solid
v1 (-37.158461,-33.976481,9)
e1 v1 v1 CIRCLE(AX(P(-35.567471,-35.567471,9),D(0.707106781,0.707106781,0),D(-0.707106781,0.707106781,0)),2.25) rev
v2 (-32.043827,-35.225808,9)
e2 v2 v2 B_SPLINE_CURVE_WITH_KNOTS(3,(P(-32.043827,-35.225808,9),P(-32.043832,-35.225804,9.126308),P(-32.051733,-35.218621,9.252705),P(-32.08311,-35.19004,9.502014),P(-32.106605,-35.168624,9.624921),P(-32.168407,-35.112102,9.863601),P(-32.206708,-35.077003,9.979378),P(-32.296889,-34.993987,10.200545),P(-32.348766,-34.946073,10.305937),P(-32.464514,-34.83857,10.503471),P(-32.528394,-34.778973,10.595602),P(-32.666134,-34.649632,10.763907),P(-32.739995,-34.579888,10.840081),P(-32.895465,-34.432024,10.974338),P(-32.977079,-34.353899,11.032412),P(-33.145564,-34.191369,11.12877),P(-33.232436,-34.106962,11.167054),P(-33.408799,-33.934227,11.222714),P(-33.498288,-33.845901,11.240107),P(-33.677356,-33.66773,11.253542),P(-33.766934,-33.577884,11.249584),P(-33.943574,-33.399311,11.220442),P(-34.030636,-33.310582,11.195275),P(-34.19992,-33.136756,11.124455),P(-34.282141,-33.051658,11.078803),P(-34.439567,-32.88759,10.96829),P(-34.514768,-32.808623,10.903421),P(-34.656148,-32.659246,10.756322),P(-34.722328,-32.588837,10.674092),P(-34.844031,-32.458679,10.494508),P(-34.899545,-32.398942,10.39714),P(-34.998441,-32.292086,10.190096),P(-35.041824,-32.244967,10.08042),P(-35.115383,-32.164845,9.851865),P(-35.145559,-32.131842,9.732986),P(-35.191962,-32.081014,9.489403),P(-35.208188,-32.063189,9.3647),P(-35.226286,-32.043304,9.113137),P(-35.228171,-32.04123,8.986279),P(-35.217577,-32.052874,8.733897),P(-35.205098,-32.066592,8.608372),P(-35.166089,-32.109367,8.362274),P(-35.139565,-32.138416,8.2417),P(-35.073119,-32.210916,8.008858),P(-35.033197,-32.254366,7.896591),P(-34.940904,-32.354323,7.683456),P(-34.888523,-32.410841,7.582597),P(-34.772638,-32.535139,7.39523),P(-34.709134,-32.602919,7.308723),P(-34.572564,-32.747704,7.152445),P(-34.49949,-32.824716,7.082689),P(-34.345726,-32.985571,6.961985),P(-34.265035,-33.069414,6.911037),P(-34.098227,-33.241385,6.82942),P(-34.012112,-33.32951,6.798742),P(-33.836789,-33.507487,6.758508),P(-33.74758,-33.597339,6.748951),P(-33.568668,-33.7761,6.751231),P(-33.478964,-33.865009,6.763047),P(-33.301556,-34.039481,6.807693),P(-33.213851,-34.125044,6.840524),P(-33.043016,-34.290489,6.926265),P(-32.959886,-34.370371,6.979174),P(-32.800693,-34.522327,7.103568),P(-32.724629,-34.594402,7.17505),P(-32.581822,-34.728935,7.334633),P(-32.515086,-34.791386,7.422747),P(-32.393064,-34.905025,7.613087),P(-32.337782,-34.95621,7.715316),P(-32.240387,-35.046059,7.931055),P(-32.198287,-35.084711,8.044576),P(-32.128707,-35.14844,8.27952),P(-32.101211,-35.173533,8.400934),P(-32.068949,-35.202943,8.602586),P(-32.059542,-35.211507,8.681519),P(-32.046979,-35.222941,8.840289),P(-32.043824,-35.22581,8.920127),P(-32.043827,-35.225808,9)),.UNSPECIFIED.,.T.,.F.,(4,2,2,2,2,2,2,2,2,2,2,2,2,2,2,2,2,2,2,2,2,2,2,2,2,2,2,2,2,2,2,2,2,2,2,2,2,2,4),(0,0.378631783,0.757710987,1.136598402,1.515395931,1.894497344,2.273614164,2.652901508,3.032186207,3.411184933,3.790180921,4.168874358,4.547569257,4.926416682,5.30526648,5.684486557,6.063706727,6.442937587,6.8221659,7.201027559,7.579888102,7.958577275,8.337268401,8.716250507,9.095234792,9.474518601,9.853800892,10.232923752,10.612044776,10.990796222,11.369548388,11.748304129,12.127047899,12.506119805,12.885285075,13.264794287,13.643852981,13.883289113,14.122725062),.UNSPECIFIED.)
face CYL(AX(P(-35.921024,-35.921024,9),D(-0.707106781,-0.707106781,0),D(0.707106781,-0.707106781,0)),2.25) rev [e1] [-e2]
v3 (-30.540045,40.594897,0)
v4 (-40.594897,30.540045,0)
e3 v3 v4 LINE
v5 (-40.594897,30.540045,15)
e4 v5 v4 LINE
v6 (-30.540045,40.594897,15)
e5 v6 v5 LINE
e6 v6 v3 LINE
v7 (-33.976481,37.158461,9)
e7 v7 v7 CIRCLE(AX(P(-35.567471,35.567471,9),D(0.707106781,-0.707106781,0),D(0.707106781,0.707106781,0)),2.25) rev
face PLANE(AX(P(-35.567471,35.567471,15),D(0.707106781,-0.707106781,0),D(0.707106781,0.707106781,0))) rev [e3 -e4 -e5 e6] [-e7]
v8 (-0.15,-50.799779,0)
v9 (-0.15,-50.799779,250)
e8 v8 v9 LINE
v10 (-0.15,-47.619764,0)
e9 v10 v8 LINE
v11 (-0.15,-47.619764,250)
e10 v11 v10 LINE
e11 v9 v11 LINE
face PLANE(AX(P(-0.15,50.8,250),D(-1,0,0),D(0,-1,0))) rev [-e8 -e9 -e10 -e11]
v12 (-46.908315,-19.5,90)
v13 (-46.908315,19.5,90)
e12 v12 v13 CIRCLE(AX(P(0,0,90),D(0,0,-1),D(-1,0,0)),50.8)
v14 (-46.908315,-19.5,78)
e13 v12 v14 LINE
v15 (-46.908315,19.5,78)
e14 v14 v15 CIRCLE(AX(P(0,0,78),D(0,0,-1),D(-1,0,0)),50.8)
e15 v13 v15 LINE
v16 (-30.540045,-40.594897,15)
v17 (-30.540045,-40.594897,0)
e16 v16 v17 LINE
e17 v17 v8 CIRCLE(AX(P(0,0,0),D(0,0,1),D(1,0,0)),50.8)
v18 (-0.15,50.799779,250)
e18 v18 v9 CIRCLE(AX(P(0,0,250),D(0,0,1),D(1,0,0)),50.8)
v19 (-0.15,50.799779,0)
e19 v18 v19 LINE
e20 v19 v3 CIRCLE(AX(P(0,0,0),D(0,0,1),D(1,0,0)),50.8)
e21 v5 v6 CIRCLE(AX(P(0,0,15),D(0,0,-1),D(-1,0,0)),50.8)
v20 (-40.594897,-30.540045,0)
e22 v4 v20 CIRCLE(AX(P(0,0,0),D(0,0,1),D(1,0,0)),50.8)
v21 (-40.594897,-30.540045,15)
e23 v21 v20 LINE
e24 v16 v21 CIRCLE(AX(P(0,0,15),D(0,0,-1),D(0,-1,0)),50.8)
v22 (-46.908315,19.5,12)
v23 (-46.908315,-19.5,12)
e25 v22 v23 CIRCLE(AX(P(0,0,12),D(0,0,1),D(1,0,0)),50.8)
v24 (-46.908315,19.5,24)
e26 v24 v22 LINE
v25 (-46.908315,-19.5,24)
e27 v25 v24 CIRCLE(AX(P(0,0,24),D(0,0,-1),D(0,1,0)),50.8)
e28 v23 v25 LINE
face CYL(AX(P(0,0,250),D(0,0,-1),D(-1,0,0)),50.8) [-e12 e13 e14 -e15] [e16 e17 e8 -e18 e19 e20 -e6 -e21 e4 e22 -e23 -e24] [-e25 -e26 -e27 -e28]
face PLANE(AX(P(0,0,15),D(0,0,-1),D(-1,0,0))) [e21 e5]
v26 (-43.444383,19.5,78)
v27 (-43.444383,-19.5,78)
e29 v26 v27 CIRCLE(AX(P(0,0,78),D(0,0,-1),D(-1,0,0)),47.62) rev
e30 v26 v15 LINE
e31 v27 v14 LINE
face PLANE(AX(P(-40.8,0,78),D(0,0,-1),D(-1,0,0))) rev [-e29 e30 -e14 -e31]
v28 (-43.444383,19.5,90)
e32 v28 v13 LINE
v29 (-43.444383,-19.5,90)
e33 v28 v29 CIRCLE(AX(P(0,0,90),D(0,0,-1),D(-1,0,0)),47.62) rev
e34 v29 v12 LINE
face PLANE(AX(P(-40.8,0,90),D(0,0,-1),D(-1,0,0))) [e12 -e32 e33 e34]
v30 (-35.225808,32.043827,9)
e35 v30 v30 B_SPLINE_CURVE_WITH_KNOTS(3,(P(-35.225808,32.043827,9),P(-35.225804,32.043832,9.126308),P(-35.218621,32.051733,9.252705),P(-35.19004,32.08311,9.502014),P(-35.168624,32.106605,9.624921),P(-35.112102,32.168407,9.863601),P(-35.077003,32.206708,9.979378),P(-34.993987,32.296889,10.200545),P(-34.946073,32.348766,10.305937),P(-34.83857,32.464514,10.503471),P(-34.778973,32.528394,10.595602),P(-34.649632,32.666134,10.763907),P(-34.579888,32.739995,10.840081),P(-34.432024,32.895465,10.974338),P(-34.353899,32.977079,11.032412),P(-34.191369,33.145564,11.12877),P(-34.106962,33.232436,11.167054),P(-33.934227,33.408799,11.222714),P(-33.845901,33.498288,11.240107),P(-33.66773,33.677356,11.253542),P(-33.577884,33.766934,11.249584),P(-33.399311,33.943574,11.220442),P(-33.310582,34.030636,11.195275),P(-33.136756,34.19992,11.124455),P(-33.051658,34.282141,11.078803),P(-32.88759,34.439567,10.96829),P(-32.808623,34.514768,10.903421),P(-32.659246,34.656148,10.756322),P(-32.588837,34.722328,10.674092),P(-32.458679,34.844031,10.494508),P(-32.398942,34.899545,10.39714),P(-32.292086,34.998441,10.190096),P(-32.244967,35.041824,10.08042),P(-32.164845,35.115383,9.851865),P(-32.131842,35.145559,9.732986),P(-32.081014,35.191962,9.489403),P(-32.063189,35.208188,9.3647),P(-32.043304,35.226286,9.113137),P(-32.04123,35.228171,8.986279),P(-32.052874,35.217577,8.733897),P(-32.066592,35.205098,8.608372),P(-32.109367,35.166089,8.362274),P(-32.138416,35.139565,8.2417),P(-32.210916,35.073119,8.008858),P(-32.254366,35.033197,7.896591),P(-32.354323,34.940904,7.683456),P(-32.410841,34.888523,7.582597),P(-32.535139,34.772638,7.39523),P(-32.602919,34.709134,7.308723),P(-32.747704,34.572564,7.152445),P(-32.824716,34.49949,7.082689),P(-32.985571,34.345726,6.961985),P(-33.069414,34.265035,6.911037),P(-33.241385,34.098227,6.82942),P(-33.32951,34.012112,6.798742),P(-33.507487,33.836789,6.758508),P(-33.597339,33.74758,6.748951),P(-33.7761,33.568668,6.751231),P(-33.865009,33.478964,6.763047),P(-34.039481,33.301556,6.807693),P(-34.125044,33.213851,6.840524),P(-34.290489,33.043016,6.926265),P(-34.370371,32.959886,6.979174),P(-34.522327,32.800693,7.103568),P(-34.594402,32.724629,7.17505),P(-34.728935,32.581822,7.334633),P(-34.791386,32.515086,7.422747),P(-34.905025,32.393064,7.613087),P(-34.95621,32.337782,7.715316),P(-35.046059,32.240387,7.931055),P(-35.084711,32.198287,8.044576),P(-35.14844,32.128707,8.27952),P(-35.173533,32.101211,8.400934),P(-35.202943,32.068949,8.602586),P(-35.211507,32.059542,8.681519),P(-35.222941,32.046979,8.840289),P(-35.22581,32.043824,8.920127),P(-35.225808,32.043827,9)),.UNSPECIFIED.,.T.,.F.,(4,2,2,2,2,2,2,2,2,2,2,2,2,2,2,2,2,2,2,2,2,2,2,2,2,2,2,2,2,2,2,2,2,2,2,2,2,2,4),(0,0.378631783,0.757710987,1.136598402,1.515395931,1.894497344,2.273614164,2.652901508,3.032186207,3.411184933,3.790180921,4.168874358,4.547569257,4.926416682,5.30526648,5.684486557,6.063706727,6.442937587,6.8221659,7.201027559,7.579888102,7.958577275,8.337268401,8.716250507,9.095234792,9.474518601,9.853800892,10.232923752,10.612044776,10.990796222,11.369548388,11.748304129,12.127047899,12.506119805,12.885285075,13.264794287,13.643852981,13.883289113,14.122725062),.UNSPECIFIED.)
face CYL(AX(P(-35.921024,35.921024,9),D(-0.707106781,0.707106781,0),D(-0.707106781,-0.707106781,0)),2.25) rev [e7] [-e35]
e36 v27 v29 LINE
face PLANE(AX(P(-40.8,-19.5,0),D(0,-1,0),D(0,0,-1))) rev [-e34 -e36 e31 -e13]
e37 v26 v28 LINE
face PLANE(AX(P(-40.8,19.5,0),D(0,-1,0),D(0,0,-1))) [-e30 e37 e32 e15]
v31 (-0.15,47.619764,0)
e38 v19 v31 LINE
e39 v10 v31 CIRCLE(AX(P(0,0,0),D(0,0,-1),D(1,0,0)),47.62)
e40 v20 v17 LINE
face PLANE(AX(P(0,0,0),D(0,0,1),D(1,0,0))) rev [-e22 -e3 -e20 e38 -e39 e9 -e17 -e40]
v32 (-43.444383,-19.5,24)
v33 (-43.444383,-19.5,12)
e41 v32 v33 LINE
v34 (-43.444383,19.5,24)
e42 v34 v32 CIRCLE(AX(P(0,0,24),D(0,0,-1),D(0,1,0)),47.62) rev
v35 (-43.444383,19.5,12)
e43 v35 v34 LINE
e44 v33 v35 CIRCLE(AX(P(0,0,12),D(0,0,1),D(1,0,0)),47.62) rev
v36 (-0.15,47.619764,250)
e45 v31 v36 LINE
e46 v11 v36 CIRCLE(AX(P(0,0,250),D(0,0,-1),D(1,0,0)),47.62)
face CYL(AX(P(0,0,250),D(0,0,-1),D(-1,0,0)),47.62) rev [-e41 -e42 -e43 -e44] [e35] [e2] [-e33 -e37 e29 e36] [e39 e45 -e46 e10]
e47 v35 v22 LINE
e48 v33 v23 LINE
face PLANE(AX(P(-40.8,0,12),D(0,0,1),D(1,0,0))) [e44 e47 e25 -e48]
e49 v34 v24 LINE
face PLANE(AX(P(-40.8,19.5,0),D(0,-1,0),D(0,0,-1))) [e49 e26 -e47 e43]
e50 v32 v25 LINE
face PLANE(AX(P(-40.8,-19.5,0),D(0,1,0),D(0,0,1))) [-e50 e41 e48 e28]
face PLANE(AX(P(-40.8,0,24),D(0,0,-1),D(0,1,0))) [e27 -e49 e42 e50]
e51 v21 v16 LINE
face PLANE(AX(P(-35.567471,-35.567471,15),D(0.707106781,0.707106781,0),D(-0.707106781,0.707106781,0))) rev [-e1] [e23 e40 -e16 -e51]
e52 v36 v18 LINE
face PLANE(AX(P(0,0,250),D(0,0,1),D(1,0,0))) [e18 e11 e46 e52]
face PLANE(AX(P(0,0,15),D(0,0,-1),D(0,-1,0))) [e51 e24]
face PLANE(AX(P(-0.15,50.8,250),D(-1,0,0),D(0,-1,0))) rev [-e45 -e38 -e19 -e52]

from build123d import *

# Parameters (mm, degrees)
BOSS_EXTRUDE1_DEPTH      = 250
M4_CLEARANCE_HOLE1_D     = 4.5
M4_CLEARANCE_HOLE1_DEPTH = 15
M4_CLEARANCE_HOLE1_TIP   = 1.351936393
M4_CLEARANCE_HOLE2_D     = 4.5
M4_CLEARANCE_HOLE2_DEPTH = 15
M4_CLEARANCE_HOLE2_TIP   = 1.351936393
SKETCH9_W                = 12
SKETCH9_H                = 39
CUT_EXTRUDE1_DEPTH       = 10
CUT_EXTRUDE2_DEPTH       = 15
CIRPATTERN1_COUNT        = 2
CIRPATTERN1_ANGLE        = 270
CUT_EXTRUDE4_DEPTH       = 261.117819555


with BuildPart() as part:
    # Sketch1 → Boss-Extrude1 (new body)
    with BuildSketch(Plane.XY):
        with BuildLine():
            Line((0, 50.8), (0, 47.62))
            ThreePointArc((0, 47.62), (-47.62, 0), (0, -47.62))
            Line((0, -47.62), (0, -50.8))
            ThreePointArc((0, -50.8), (-50.8, 0), (0, 50.8))
        make_face()
    extrude(amount=BOSS_EXTRUDE1_DEPTH)

    # M4 Clearance Hole1
    with Locations(Plane(origin=(-35.921024484, 35.921024484, 0), x_dir=(0, 0, -1), z_dir=(-0.707106781186549, 0.7071067811865461, 0))):
        with Locations((-9, 0)):
            Hole(M4_CLEARANCE_HOLE1_D / 2, depth=M4_CLEARANCE_HOLE1_DEPTH)
            with Locations((0, 0, -(M4_CLEARANCE_HOLE1_DEPTH + M4_CLEARANCE_HOLE1_TIP / 2))):  # 118° drill point
                Cone(0, M4_CLEARANCE_HOLE1_D / 2, M4_CLEARANCE_HOLE1_TIP, mode=Mode.SUBTRACT)

    # M4 Clearance Hole2
    with Locations(Plane(origin=(-35.921024484, -35.921024484, 0), x_dir=(0, 0, -1), z_dir=(-0.7071067811865588, -0.7071067811865362, 0))):
        with Locations((-9, 0)):
            Hole(M4_CLEARANCE_HOLE2_D / 2, depth=M4_CLEARANCE_HOLE2_DEPTH)
            with Locations((0, 0, -(M4_CLEARANCE_HOLE2_DEPTH + M4_CLEARANCE_HOLE2_TIP / 2))):  # 118° drill point
                Cone(0, M4_CLEARANCE_HOLE2_D / 2, M4_CLEARANCE_HOLE2_TIP, mode=Mode.SUBTRACT)

    # Sketch9 → Cut-Extrude1 (cut)
    with BuildSketch(Plane.ZY.offset(50.8)):
        with Locations((84, 0)):
            Rectangle(SKETCH9_W, SKETCH9_H)
        with Locations((18, 0)):
            Rectangle(SKETCH9_W, SKETCH9_H)
    extrude(amount=-CUT_EXTRUDE1_DEPTH, mode=Mode.SUBTRACT)

    # Sketch14 → Cut-Extrude2 (cut)
    with BuildSketch(Plane(origin=(0, 0, 0), x_dir=(-1, 0, 0), z_dir=(0, 0, -1))):
        with BuildLine():
            ThreePointArc((40.594896689, 30.540045233), (35.921024484, 35.921024484), (30.540045233, 40.594896689))
            Line((30.540045233, 40.594896689), (40.594896689, 30.540045233))
        make_face()
    cut_extrude2 = extrude(amount=-CUT_EXTRUDE2_DEPTH, mode=Mode.SUBTRACT)

    # CirPattern1: Cut-Extrude2 ×2 about axis
    cirpattern1_axis = Axis((0, 0, 250), (0, 0, -1))
    for i in range(1, CIRPATTERN1_COUNT):
        add(cut_extrude2.rotate(cirpattern1_axis, i * CIRPATTERN1_ANGLE / (CIRPATTERN1_COUNT - 1)), mode=Mode.SUBTRACT)

    # Sketch15 → Cut-Extrude4 (cut, through all)
    with BuildSketch(Plane(origin=(0, 0, 0), x_dir=(-1, 0, 0), z_dir=(0, 0, -1))):
        Polygon((0, 50.8), (0.15, 50.8), (0.15, -50.799778543), (0.15, -50.826071735), (0, -50.826071735), (0, -50.799778543), align=None)
    extrude(amount=-CUT_EXTRUDE4_DEPTH, mode=Mode.SUBTRACT)


solid = part.part
